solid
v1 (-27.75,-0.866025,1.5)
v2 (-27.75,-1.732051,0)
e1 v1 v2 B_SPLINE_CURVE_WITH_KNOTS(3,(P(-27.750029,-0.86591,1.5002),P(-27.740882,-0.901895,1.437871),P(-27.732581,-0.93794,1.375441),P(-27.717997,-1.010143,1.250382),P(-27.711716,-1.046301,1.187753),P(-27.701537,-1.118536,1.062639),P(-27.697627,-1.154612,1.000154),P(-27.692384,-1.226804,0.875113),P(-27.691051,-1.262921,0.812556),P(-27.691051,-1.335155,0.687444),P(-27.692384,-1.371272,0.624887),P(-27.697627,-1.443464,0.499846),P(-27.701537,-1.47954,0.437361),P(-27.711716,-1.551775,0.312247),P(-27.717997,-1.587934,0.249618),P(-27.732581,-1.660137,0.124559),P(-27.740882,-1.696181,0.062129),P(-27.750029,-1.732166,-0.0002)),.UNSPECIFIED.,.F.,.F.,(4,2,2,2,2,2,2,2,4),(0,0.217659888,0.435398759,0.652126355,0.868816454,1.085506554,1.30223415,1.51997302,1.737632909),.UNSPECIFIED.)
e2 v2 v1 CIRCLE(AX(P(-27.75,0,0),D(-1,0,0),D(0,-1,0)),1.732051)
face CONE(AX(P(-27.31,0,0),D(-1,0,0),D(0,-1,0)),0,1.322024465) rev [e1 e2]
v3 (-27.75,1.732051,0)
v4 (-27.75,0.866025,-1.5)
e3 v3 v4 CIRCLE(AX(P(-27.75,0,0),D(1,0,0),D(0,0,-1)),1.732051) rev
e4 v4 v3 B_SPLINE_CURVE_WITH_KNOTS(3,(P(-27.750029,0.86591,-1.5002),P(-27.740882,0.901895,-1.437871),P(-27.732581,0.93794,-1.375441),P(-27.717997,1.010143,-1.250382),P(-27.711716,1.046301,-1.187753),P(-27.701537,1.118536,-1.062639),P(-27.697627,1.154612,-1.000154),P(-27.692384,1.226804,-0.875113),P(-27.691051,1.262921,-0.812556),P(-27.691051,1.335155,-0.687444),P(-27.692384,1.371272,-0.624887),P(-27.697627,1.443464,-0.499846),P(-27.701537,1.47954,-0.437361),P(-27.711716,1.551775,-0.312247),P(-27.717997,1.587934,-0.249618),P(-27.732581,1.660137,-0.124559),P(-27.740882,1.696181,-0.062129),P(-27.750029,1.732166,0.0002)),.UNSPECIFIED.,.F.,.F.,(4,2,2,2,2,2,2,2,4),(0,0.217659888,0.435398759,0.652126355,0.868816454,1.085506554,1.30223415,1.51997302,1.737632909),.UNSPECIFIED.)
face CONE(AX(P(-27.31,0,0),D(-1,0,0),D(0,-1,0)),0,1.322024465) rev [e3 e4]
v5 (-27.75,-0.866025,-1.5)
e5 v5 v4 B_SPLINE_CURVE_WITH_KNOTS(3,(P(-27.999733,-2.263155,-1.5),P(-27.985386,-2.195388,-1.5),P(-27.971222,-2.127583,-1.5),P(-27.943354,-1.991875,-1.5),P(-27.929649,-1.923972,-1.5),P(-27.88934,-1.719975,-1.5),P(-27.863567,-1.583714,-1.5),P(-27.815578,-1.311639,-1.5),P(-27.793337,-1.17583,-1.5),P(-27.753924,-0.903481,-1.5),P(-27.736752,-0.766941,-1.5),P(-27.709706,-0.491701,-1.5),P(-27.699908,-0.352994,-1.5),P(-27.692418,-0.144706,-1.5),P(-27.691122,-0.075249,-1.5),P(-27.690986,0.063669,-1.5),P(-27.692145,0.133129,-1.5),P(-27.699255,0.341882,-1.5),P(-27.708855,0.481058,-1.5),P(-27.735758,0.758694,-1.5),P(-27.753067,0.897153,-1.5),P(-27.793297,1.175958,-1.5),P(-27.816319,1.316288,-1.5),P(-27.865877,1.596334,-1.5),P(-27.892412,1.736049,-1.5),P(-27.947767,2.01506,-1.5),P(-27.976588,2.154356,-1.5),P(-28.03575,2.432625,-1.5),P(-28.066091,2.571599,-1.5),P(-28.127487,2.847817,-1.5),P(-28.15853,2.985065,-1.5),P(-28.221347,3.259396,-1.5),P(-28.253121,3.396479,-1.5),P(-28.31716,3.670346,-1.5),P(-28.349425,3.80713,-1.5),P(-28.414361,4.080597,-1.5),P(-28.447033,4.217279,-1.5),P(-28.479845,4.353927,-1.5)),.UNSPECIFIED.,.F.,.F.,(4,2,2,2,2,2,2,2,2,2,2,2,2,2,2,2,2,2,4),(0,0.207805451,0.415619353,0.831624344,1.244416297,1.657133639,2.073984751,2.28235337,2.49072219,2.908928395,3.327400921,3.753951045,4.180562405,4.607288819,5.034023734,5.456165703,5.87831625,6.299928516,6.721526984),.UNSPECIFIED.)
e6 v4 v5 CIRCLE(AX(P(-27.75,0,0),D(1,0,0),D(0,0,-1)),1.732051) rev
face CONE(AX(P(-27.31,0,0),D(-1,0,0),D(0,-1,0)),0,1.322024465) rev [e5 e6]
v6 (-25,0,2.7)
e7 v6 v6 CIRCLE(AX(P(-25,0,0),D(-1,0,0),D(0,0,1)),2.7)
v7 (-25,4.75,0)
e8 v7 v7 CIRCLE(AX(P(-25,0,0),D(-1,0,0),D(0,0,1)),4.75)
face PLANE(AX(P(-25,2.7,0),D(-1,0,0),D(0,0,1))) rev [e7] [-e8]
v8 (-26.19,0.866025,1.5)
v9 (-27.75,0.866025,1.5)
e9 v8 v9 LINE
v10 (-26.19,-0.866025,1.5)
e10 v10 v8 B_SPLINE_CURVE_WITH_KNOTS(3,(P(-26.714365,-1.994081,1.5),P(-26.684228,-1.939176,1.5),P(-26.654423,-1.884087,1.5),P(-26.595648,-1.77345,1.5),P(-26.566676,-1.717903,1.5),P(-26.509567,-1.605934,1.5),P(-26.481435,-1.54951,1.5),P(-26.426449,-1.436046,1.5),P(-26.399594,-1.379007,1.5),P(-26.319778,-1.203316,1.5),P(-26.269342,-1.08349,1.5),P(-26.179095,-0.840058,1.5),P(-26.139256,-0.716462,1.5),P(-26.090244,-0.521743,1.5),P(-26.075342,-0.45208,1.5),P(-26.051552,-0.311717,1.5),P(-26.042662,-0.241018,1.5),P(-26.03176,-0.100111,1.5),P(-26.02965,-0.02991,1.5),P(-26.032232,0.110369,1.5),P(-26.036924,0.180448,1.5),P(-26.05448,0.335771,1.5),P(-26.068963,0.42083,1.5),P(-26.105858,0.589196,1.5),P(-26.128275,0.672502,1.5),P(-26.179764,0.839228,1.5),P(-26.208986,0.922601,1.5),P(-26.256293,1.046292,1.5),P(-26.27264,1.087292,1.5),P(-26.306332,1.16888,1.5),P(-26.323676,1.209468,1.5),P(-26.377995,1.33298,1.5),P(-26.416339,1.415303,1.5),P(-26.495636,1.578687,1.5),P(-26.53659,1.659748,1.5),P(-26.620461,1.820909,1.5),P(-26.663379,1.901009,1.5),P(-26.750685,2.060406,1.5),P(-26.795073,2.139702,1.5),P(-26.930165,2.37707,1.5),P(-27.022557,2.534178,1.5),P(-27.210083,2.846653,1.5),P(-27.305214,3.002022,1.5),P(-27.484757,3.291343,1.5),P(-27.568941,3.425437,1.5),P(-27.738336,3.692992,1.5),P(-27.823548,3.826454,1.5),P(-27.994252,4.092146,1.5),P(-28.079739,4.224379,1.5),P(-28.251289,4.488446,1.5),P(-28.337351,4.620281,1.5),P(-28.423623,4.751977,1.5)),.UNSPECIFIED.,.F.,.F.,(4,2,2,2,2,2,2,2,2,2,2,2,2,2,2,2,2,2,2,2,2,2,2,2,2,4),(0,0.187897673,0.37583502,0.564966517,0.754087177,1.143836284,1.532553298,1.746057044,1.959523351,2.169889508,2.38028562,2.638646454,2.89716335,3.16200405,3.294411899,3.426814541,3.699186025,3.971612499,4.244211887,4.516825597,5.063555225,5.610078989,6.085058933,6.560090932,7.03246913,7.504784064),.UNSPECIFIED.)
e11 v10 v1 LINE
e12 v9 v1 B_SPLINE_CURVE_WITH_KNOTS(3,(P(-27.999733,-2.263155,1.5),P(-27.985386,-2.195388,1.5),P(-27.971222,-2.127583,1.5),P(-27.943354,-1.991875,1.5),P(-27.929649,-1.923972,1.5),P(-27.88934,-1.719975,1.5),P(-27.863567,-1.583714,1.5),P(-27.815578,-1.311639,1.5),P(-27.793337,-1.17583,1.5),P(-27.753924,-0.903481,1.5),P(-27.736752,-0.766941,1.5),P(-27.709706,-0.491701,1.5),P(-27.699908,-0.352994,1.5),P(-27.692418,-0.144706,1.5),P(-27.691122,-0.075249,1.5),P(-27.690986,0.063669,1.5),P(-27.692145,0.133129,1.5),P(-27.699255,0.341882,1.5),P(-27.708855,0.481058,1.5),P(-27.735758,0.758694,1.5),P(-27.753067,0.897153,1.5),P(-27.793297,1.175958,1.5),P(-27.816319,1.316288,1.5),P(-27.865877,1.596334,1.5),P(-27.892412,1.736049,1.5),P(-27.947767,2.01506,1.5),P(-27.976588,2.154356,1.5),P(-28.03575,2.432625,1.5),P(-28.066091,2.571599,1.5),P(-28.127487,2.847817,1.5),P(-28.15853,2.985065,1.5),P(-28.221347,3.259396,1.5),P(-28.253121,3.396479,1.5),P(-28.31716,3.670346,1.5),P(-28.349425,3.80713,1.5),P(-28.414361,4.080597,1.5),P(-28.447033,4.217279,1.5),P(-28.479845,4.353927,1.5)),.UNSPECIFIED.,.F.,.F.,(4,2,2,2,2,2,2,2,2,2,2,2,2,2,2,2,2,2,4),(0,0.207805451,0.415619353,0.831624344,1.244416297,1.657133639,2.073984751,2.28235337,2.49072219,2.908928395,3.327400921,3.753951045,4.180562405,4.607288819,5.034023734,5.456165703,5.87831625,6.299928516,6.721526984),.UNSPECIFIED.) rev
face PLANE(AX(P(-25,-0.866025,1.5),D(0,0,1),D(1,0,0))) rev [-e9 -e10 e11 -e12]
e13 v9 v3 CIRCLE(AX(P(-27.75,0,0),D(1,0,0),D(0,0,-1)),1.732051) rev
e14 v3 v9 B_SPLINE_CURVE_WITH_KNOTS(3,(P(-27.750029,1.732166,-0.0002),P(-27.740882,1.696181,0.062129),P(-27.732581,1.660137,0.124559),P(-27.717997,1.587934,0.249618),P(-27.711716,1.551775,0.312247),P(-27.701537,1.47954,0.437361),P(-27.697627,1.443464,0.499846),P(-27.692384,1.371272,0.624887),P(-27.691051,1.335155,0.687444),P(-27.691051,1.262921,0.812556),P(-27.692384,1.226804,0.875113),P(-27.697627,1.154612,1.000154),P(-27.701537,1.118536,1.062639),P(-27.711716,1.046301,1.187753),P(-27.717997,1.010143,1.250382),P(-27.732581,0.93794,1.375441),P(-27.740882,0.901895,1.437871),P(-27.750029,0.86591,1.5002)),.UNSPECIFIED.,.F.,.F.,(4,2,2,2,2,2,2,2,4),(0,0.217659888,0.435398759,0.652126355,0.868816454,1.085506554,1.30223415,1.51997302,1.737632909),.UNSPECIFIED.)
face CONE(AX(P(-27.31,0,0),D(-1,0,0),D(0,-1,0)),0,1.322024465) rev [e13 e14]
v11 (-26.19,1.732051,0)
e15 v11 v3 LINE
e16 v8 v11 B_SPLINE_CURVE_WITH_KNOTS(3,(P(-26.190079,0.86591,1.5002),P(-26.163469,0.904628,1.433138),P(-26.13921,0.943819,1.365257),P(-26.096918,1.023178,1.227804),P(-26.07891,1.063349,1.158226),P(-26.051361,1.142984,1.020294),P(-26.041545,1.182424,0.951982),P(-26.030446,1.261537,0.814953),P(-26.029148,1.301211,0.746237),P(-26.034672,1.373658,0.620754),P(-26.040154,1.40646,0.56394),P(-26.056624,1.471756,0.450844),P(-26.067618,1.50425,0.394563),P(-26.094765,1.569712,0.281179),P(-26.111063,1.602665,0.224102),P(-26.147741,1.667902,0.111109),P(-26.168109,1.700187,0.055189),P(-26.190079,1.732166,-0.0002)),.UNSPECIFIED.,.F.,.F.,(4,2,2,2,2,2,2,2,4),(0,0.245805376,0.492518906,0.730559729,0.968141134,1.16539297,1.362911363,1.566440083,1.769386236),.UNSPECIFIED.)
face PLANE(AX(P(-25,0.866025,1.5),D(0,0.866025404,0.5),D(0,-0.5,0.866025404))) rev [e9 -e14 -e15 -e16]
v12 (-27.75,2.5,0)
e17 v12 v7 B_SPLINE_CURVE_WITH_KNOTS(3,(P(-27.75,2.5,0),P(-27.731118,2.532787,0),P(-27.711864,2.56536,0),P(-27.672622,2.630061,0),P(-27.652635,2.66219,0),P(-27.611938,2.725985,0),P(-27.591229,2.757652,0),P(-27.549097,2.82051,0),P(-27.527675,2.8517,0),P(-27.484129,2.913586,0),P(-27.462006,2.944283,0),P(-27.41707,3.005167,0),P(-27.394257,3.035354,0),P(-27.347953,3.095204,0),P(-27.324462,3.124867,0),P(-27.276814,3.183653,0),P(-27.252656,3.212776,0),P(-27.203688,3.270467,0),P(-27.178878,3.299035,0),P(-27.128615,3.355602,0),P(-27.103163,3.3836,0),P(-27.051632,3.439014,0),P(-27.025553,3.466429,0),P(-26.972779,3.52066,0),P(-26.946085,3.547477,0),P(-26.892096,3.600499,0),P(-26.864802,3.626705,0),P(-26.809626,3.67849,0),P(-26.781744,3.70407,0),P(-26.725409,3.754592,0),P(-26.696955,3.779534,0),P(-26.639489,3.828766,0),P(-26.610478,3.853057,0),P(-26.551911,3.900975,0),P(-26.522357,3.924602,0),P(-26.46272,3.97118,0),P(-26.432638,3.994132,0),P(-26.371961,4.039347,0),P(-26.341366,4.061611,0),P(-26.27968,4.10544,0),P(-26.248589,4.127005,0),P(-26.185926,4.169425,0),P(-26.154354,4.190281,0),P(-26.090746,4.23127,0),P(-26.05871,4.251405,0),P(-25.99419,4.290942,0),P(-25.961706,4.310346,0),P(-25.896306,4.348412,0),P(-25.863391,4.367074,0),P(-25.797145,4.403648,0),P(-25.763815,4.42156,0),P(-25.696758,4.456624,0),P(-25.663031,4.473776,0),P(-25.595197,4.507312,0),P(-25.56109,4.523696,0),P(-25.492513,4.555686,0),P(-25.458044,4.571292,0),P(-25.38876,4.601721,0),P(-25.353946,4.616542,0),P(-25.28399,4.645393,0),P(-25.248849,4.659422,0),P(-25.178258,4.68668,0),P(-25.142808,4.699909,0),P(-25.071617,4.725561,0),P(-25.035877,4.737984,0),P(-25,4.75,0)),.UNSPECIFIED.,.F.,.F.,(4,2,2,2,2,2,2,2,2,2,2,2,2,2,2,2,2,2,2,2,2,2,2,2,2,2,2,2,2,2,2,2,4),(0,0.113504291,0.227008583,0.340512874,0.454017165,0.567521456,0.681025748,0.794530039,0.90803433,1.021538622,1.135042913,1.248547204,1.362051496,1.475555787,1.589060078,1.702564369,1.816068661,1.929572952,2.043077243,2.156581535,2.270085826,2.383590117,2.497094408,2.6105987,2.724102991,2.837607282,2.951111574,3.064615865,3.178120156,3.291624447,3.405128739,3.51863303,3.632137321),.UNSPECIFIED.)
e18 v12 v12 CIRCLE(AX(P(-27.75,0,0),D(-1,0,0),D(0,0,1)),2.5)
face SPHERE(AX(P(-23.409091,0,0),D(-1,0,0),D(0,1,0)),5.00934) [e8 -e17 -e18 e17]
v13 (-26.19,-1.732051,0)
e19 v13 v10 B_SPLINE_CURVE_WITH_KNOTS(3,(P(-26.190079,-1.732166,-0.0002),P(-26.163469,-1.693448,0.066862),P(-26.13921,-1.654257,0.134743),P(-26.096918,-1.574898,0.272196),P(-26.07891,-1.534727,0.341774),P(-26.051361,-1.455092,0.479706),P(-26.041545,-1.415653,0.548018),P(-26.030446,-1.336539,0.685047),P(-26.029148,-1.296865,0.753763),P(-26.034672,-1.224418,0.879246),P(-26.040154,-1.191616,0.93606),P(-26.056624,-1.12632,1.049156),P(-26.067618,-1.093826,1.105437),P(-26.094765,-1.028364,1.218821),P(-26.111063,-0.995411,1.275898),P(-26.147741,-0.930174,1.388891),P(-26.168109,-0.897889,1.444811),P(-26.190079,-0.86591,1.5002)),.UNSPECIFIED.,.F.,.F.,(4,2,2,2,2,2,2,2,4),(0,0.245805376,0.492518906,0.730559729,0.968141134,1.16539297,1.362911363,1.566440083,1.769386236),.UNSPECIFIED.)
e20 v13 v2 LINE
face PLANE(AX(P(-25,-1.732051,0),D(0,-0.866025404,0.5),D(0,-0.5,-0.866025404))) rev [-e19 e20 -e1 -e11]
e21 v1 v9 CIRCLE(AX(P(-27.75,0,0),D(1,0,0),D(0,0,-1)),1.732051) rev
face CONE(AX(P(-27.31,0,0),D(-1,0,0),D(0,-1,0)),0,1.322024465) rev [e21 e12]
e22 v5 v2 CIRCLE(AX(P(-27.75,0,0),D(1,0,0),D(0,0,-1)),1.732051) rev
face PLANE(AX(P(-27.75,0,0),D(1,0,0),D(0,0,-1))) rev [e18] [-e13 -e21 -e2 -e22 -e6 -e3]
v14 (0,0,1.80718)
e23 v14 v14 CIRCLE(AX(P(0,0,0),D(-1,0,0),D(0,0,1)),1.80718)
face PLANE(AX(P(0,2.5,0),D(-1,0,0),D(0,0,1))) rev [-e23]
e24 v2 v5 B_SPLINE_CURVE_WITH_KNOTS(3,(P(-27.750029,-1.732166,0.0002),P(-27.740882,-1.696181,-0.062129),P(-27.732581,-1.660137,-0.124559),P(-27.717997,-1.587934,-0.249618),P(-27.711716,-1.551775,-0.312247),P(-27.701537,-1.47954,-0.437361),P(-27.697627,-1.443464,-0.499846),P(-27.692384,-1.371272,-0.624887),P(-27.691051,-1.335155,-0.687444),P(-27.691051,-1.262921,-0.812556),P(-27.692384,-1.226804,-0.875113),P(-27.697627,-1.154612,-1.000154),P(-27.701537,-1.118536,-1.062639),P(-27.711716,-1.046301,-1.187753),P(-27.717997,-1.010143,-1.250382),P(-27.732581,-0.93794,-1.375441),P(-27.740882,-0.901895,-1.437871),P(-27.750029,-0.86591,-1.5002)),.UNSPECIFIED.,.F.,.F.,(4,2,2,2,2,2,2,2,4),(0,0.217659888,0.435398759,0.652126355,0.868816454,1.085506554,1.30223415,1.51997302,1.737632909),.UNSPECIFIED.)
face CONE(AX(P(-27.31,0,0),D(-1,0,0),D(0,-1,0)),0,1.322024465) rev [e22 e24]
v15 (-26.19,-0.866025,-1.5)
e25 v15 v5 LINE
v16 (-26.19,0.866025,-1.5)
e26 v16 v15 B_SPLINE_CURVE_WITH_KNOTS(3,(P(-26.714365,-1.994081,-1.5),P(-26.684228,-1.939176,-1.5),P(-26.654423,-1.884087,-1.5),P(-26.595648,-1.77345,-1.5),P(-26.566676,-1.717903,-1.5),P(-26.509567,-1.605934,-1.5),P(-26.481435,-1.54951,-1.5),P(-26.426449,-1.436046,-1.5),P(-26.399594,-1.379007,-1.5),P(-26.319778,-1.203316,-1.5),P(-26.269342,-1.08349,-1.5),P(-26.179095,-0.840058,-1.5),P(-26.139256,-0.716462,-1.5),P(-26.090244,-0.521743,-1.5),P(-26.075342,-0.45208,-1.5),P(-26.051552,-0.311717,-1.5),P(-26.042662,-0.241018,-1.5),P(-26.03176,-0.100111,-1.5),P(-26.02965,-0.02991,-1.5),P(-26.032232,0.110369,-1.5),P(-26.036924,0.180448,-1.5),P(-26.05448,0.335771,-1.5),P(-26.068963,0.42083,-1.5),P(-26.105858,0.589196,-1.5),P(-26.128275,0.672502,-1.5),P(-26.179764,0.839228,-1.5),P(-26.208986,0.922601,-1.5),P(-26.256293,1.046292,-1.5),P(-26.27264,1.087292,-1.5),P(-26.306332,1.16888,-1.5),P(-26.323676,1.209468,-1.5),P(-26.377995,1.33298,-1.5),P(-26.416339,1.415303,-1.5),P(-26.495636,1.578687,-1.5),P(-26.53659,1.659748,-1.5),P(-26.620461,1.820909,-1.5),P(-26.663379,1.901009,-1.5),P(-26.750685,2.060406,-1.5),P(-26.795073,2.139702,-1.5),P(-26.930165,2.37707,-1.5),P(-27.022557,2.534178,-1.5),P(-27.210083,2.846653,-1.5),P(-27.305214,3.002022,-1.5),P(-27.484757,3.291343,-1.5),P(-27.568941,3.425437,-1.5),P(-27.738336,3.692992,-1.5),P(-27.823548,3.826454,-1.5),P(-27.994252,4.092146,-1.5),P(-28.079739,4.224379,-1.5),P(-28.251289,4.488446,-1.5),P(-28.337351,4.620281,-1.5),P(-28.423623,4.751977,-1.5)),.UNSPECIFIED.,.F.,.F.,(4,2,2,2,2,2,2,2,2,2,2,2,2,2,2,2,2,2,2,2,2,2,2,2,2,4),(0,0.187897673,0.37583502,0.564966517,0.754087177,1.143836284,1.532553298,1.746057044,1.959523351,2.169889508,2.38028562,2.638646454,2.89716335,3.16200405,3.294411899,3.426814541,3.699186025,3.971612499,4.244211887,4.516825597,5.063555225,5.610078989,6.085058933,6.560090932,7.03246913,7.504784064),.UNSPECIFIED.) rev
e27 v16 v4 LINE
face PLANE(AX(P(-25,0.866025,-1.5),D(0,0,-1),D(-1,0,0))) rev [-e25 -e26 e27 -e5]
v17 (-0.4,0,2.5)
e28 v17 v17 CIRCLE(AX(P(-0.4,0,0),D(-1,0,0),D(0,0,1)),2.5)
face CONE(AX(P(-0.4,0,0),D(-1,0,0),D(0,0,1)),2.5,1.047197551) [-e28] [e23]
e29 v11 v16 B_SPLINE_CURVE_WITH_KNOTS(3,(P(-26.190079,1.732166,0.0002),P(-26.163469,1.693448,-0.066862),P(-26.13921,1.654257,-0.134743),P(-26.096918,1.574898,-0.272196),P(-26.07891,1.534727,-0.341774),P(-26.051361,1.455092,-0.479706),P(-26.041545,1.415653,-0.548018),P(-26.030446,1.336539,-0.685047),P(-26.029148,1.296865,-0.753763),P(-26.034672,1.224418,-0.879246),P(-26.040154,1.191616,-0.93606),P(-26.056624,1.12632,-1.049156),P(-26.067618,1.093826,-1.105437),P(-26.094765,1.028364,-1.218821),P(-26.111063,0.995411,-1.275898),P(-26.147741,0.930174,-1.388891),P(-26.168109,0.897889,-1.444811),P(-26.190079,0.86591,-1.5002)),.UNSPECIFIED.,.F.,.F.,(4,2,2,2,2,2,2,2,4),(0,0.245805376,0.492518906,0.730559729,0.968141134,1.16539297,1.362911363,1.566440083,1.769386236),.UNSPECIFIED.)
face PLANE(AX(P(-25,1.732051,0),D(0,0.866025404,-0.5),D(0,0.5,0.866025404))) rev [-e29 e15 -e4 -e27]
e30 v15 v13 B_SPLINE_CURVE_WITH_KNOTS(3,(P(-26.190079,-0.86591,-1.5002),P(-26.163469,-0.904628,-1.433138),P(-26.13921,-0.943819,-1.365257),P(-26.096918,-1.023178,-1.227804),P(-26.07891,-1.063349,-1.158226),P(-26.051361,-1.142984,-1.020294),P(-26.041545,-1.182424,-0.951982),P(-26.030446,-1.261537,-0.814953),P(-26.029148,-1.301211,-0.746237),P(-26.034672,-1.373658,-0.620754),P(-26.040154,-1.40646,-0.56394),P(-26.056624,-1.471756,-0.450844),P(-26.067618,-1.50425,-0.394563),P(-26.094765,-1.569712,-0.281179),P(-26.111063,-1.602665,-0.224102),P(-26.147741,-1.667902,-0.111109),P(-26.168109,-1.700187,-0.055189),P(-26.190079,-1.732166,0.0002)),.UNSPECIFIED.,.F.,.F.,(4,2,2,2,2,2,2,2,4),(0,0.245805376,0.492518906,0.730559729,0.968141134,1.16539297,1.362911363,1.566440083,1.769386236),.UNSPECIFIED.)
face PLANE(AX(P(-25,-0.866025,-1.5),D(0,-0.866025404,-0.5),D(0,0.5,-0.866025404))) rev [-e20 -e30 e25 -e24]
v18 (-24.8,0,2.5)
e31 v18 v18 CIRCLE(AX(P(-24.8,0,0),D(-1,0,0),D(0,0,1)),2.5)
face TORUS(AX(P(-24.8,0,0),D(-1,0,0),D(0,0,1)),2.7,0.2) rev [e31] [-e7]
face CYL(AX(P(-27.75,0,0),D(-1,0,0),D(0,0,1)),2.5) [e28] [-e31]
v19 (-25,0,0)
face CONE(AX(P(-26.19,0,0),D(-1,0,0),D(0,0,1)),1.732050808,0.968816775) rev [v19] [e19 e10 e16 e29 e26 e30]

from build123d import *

# Parameters (mm, degrees)
CUT_EXTRUDE_1_DEPTH = 2.75


with BuildPart() as part:
    # 草图1 → 旋转1 (revolve)
    with BuildSketch(Plane.XY):
        with BuildLine():
            Line((0, 2.5), (-24.8, 2.5))
            ThreePointArc((-24.8, 2.5), (-24.941421356, 2.558578644), (-25, 2.7))
            Line((-25, 2.7), (-25, 4.75))
            ThreePointArc((-25, 4.75), (-26.581194586, 3.877015605), (-27.75, 2.5))
            Line((-27.75, 2.5), (-27.75, 0))
            Line((-27.75, 0), (0, 0))
            Line((0, 0), (0, 2.5))
        make_face()
    revolve(axis=Axis((-27.75, 0, 0), (1, 0, 0)))

    # 草图2 → 切除-拉伸1 (cut)
    with BuildSketch(Plane.ZY.offset(27.75)):
        Polygon((0, 1.732050808), (-1.5, 0.866025404), (-1.5, -0.866025404), (0, -1.732050808), (1.5, -0.866025404), (1.5, 0.866025404), align=None)
    extrude(amount=-CUT_EXTRUDE_1_DEPTH, mode=Mode.SUBTRACT)

    # 草图6 → 旋转2 (revolve)
    with BuildSketch(Plane.XY):
        Polygon((-26.19, 1.732050808), (-25, 0), (-24.56, 0), (-24.56, 1.732050808), align=None)
    revolve(axis=Axis((-27.75, 0, 0), (1, 0, 0)))

    # 草图7 → 切除-旋转5 (revolve, cut)
    with BuildSketch(Plane.XY):
        Polygon((-27.75, 1.732050808), (-27.31, 0), (-27.75, 0), align=None)
    revolve(axis=Axis((-27.75, 0, 0), (1, 0, 0)), mode=Mode.SUBTRACT)

    # 草图4 → 切除-旋转1 (revolve, cut)
    with BuildSketch(Plane.XY):
        Polygon((-0.4, 2.5), (0, 1.807179677), (0.4, 2.5), align=None)
    revolve(axis=Axis((-0.4, 0, 0), (1, 0, 0)), mode=Mode.SUBTRACT)


solid = part.part
